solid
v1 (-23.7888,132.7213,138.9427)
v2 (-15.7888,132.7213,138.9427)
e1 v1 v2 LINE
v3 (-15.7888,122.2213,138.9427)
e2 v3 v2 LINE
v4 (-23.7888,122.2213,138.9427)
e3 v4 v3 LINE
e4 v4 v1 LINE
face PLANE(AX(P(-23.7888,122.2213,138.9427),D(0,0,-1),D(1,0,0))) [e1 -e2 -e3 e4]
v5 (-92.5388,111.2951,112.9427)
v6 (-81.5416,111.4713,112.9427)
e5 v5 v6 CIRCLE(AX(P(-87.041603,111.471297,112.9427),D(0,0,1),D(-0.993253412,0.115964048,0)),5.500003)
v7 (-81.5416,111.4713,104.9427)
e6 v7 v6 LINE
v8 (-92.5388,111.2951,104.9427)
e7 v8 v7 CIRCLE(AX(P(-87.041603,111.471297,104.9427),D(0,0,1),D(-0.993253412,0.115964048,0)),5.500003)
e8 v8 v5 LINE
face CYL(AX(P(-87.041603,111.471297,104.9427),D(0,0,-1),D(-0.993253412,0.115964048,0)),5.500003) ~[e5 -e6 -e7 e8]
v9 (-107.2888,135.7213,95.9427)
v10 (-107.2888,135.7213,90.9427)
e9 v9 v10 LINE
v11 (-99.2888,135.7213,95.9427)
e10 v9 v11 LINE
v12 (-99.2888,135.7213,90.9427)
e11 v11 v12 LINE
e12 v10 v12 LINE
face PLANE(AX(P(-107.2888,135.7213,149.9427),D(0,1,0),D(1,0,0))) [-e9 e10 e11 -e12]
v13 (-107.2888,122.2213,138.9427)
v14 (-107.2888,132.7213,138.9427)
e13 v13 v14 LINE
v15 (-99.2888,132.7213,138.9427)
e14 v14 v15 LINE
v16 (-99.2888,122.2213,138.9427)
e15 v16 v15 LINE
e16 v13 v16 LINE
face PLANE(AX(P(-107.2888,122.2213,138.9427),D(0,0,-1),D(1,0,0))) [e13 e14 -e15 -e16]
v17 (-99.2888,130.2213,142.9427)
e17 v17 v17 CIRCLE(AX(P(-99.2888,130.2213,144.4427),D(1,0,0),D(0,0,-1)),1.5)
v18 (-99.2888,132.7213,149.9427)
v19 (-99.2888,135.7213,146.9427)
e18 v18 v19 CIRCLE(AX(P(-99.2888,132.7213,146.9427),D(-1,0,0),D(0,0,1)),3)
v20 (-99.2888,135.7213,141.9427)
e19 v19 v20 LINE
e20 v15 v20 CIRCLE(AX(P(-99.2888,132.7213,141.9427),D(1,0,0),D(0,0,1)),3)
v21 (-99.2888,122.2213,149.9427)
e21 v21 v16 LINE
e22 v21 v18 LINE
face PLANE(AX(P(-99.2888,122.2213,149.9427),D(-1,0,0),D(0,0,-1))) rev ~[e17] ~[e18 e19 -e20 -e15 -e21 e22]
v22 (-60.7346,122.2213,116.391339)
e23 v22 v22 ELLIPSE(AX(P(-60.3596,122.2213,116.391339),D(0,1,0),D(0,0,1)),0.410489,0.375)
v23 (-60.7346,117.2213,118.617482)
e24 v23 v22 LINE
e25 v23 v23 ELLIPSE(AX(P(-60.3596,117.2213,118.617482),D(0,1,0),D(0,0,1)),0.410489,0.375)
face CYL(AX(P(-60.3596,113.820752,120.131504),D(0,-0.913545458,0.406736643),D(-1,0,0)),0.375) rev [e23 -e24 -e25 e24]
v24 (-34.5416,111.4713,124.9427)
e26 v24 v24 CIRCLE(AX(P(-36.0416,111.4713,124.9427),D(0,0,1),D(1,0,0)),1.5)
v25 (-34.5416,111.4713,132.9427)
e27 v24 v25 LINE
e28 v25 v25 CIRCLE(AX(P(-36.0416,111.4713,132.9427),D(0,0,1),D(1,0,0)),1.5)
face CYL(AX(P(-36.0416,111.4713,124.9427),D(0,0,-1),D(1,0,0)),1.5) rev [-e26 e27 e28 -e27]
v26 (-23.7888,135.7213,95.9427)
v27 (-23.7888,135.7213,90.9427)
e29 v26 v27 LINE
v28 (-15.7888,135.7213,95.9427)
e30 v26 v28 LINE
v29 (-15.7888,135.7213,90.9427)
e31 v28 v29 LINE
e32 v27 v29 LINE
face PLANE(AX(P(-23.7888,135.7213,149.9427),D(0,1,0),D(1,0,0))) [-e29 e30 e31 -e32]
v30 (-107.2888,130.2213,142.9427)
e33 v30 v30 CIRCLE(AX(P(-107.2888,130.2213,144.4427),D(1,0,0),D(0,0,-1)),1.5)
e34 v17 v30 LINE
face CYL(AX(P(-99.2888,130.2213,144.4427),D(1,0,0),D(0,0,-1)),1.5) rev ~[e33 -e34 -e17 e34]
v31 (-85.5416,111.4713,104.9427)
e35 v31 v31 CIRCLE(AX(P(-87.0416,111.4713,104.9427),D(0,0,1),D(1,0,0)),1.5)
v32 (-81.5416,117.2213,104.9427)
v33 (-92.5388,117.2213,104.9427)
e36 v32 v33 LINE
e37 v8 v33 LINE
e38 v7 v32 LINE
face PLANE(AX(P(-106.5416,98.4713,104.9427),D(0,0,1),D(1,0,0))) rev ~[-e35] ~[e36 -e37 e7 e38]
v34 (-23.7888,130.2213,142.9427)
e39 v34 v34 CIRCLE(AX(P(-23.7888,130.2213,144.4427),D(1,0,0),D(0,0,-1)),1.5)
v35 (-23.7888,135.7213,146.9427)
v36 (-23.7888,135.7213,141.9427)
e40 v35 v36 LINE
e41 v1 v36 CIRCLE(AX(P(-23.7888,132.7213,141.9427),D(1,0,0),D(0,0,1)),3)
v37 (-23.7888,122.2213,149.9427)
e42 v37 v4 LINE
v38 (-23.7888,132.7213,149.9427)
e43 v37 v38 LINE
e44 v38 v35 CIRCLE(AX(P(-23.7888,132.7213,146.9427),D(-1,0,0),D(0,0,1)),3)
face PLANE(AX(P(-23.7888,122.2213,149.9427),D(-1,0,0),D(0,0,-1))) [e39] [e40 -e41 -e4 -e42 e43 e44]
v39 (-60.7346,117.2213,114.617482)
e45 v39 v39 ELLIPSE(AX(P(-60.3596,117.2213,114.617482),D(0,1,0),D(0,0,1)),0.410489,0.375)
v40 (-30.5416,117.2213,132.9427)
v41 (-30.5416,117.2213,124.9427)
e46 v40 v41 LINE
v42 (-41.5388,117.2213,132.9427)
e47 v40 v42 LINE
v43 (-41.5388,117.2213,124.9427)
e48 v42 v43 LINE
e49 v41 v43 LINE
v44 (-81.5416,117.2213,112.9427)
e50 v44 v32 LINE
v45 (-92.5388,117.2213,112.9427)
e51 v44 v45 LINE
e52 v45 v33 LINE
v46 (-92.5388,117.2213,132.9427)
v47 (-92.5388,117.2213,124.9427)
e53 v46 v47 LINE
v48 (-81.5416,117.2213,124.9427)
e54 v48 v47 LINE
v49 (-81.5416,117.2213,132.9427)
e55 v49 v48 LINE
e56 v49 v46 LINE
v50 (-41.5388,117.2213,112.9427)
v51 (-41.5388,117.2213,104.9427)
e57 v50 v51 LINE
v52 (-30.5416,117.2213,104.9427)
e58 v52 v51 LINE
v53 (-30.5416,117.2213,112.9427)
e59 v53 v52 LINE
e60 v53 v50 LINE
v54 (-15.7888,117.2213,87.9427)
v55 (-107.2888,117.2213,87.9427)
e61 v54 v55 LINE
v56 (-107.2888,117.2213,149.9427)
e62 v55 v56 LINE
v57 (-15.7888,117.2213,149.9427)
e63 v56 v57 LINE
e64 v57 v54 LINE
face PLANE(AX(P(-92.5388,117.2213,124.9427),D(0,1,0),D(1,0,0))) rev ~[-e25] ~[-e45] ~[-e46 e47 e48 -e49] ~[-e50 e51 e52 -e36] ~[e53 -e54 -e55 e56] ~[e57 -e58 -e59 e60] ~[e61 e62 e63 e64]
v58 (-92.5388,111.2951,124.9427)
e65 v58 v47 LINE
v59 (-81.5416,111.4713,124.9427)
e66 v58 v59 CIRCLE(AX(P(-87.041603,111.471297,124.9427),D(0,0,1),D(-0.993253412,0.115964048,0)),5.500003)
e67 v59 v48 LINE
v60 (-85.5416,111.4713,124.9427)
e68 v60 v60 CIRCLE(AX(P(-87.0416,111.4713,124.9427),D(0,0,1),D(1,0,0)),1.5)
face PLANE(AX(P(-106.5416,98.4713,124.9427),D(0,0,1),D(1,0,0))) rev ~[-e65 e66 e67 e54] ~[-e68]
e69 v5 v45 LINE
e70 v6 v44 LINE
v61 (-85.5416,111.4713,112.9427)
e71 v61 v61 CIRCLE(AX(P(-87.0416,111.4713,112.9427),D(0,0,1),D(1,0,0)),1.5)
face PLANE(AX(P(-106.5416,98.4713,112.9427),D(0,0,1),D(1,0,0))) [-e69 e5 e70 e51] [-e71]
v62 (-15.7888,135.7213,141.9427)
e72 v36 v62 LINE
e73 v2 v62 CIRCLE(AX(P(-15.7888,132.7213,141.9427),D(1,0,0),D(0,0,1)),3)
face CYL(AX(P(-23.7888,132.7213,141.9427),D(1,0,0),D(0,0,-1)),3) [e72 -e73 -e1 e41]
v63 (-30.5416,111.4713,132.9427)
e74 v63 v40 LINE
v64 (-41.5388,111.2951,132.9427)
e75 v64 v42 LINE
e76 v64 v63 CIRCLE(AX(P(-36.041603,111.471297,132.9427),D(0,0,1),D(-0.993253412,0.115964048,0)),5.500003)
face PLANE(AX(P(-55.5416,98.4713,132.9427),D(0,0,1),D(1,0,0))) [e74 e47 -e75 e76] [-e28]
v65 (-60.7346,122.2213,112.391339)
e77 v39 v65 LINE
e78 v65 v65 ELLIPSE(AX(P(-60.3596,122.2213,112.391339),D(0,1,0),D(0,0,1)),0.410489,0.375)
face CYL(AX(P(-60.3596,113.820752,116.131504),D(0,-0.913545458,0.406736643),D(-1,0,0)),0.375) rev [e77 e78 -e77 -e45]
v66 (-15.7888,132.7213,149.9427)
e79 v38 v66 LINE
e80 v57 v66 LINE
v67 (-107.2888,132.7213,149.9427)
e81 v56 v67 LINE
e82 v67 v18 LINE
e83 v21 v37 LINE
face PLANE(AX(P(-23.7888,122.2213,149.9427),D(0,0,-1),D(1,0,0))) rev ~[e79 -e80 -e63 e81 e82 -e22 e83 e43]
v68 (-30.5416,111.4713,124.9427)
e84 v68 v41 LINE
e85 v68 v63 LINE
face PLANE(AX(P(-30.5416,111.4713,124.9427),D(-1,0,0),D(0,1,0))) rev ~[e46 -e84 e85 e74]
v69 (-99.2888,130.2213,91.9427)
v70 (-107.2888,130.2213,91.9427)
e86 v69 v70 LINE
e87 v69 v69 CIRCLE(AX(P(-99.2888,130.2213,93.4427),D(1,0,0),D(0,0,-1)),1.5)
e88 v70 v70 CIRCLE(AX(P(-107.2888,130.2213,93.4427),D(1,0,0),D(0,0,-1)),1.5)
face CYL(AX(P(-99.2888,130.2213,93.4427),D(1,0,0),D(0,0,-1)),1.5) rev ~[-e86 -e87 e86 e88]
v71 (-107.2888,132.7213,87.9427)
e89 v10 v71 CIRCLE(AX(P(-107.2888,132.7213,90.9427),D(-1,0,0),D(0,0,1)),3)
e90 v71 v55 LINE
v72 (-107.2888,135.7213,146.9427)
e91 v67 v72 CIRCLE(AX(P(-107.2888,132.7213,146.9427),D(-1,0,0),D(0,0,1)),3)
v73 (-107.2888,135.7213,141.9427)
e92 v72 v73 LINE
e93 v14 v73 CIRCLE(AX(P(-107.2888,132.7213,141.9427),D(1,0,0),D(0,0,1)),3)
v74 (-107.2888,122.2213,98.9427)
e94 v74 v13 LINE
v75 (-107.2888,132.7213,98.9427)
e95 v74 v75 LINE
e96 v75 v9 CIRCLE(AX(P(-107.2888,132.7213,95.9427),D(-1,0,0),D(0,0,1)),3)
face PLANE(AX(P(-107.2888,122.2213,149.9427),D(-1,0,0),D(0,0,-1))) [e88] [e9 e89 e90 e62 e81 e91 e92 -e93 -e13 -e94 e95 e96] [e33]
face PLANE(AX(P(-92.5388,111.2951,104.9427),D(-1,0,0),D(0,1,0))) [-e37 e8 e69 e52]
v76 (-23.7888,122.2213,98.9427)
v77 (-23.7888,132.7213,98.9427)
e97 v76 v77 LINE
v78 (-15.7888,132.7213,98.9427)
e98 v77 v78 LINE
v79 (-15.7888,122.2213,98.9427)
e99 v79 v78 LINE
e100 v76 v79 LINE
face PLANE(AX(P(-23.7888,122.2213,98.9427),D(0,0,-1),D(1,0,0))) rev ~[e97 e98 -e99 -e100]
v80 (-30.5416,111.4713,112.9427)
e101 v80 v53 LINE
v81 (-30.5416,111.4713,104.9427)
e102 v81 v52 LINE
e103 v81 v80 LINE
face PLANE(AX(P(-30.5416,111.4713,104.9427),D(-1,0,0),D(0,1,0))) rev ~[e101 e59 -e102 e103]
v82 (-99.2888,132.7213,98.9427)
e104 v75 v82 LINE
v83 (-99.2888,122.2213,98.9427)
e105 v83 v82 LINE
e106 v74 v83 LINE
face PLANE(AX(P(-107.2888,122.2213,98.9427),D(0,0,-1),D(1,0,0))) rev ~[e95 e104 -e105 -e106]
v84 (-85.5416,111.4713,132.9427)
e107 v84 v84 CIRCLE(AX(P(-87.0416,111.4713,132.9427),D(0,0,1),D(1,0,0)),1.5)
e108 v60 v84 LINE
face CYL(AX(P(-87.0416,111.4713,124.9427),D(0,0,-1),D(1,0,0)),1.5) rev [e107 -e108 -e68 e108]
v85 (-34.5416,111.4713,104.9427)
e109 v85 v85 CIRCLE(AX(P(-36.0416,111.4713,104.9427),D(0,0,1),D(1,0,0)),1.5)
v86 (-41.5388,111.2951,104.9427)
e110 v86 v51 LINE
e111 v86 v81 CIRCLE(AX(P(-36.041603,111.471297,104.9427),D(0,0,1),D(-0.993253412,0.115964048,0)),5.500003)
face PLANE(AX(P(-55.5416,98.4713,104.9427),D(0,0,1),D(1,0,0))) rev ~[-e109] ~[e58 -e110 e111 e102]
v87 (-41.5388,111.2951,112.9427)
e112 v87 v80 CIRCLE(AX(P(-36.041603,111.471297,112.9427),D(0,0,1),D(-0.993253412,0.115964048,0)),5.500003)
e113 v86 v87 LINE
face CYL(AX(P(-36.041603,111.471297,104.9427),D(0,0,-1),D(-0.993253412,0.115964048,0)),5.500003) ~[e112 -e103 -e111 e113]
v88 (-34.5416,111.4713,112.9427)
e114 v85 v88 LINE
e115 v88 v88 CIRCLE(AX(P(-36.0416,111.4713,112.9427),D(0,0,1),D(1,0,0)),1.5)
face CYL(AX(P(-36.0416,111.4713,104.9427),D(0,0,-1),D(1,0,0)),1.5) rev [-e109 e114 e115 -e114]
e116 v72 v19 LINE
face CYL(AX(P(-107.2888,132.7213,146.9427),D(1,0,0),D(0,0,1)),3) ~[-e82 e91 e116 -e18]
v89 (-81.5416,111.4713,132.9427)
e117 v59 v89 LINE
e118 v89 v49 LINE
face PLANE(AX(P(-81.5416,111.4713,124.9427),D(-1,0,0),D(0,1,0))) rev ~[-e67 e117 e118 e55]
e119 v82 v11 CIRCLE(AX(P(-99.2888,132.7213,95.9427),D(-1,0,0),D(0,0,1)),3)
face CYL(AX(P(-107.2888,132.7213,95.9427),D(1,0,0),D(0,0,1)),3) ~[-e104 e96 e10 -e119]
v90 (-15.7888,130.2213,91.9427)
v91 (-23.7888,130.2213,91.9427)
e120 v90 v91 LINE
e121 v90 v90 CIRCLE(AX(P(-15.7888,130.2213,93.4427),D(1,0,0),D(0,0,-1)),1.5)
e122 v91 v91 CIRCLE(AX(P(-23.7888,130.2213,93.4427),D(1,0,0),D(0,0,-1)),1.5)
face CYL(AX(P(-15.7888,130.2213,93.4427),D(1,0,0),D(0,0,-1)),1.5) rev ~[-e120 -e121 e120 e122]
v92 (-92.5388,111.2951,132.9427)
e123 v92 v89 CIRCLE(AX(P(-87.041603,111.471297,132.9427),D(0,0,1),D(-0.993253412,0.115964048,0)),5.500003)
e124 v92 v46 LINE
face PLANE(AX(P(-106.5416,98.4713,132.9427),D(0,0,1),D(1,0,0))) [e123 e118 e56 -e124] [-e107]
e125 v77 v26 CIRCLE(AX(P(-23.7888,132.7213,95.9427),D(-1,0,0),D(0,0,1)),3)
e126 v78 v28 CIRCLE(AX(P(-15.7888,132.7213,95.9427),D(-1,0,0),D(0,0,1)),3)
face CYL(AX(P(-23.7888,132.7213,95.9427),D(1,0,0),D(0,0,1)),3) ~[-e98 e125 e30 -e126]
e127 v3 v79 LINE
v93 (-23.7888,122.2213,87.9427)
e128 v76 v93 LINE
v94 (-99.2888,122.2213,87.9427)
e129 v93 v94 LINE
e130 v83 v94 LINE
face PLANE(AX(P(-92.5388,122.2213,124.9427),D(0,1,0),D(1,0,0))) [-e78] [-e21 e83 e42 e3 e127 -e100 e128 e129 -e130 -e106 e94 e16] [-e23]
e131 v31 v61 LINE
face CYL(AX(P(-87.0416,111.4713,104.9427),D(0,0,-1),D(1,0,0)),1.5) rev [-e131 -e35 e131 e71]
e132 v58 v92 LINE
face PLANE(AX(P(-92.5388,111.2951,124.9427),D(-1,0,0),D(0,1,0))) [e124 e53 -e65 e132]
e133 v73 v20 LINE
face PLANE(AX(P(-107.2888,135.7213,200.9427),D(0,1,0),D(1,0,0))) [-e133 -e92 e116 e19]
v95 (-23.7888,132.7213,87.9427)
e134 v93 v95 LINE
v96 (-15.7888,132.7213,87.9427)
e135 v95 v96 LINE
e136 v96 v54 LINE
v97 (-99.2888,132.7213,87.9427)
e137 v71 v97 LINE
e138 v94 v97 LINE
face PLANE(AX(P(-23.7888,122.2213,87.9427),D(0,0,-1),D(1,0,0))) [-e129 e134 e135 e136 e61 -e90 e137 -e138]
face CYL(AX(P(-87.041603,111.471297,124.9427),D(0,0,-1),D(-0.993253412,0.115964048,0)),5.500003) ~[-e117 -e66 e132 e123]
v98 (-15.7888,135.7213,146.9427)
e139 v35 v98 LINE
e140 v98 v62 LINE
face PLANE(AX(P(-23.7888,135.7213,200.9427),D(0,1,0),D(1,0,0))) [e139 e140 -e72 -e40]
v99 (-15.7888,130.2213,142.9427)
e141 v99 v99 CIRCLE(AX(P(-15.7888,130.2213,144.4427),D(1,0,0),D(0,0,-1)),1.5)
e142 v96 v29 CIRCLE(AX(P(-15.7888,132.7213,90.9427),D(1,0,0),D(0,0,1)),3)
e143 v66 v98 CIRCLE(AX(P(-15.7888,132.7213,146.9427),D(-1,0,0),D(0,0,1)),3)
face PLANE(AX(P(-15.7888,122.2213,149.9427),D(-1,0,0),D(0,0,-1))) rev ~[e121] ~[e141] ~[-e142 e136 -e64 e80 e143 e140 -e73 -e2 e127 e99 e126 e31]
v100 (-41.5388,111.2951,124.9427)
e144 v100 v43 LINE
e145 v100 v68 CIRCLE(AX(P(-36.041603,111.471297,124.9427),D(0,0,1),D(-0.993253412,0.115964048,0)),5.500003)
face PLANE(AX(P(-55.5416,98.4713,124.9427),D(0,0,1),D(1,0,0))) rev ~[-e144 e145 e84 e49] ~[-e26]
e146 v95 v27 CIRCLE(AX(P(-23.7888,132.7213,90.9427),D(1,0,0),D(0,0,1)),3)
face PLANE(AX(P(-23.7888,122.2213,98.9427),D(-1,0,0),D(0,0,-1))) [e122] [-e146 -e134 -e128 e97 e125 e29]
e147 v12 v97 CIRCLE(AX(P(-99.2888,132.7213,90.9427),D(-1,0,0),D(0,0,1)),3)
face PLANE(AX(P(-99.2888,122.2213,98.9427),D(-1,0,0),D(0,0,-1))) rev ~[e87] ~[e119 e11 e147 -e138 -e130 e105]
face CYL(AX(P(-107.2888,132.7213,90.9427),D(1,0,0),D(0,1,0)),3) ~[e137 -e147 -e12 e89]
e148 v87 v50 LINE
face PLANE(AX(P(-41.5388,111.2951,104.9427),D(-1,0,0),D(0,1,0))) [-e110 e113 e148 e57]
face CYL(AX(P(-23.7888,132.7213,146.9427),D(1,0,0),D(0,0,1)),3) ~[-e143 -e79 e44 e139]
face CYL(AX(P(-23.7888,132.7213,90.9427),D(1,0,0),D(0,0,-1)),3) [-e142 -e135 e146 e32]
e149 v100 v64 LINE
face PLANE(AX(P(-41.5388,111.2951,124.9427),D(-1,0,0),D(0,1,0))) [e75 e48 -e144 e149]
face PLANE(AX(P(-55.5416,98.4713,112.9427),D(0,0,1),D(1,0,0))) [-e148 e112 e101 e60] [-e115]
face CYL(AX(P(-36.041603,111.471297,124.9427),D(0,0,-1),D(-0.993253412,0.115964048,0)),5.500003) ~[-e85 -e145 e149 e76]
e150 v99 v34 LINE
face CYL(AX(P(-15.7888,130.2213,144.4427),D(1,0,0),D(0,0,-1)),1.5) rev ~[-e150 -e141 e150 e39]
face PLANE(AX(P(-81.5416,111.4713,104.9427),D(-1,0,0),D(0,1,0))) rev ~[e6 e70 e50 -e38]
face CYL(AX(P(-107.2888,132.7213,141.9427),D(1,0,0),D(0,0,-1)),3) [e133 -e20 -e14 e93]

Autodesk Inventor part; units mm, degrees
ref_plane "YZ Plane" through (0, 0, 0) normal (1, 0, 0) x (0, 1, 0)
ref_plane "XZ Plane" through (0, 0, 0) normal (0, 1, 0) x (-1, 0, 0)
ref_plane "XY Plane" through (0, 0, 0) normal (0, 0, 1) x (1, 0, 0)
ref_plane "Work Plane1" through (-106.5416, 98.4713, 124.9427) normal (0, 0, 1) x (1, 0, 0)
sketch "Sketch1" plane through (-106.5416, 98.4713, 124.9427) normal (0, 0, 1) x (1, 0, 0)
  circle A0 centre (19.5, 13) radius 1.5 projected
  arc A1 (52.5, 10.25) -> (37.5, 10.25) centre (45, 10.25) ccw projected
  circle A2 centre (19.5, 13) radius 5.5 construction
  line L0 (45, 10.25) -> (45, 17.75) construction
  line L1 (45, 17.75) -> (45, 23.75) construction
  line L2 (45, 23.75) -> (19.5, 23.75) construction
  arc A3 (14.0371, 13.6378) -> (25, 13) centre (19.5, 13) ccw
  line L3 (25, 13) -> (25, 23.75)
  circle A4 centre (19.5, 13) radius 1.5
  line L4 (14.0028, 12.8238) -> (14.0028, 23.75)
  line L5 (14.0028, 23.75) -> (25, 23.75)
  point P0 (106.5416, -98.4713)
  point P1 (14.0469, 12.2829)
  dimension "d0" = 11
  dimension "d4" = 10.75
extrude "Extrusion1" add sketch "Sketch1" along normal blind 8
pattern_linear "Rectangular Pattern2" count 2 spacing 51 along (1, 0, 0) count 2 spacing 20 along (0, 0, -1) of "Extrusion1"
sketch "Sketch3" plane through (-92.5388, 122.2213, 124.9427) normal (0, 1, 0) x (1, 0, 0)
  line L0 (0, 20) -> (61.9972, 20) construction
  line L1 (0, 20) -> (0, -8) construction
  line L2 (0, 6) -> (86.2224, 6) construction
  line L3 (31, 37) -> (31, -25) construction
  line L4 (31, -25) -> (-14.75, -25) construction
  line L5 (31, -25) -> (76.75, -25) construction
  line L6 (76.75, -25) -> (76.75, 37)
  line L7 (76.75, 37) -> (-14.75, 37)
  line L8 (-14.75, 37) -> (-14.75, -25)
  line L9 (-14.75, -25) -> (76.75, -25)
  point P0 (92.5388, 124.9427)
  dimension "d29" = 45.75
  dimension "d30" = 45.75
  dimension "d31" = 62
extrude "Extrusion3" add sketch "Sketch3" against normal blind 5
ref_plane "Work Plane2" through (-60.8166, 113.6367, 119.7132) normal (0, 0.9135, -0.4067) x (-1, 0, 0)
sketch "Sketch4" plane through (-60.8166, 113.6367, 119.7132) normal (0, 0.9135, -0.4067) x (-1, 0, 0)
  circle A0 centre (-0.457, 0.457) radius 0.457 projected
  circle A1 centre (-0.457, 0.457) radius 0.457
  circle A2 centre (-0.457, 0.457) radius 0.375
  point P0 (-60.8166, -155.5837)
  dimension "d32" = 0.75
extrude "Extrusion4" cut sketch "Sketch4" along normal blind 15 contours A2
pattern_linear "Rectangular Pattern3" count 2 spacing 4 along (0, 0, -1) of "Extrusion4"
sketch "Sketch5" plane through (-107.2888, 122.2213, 149.9427) normal (0, 1, 0) x (1, 0, 0)
  line L0 (0, 0) -> (0, 62) projected
  line L1 (0, 62) -> (91.5, 62) projected
  line L2 (0, 62) -> (0, 51)
  line L3 (0, 51) -> (8, 51)
  line L4 (8, 51) -> (8, 62)
  line L5 (0, 62) -> (8, 62)
  point P0 (107.2888, 149.9427)
  dimension "d38" = 11
  dimension "d39" = 8
extrude "Extrusion5" add sketch "Sketch5" along normal blind 13.5
sketch "Sketch6" plane through (-99.2888, 122.2213, 98.9427) normal (1, 0, 0) x (0, 0, -1)
  line L0 (11, 0) -> (11, 13.5) projected
  line L1 (0, 13.5) -> (11, 13.5) projected
  circle A0 centre (5.5, 8) radius 1.5
  dimension "d42" = 3
  dimension "d43" = 5.5
  dimension "d44" = 5.5
extrude "Extrusion6" cut sketch "Sketch6" against normal blind 24.6
fillet "Fillet1" radius 3 2 edges at (-103.2888, 135.7213, 98.9427) (-103.2888, 135.7213, 87.9427)
pattern_linear "Rectangular Pattern4" count 2 spacing 51 along (0, 0, 1) count 2 spacing 83.5 along (1, 0, 0) of "Extrusion5", "Fillet1", "Extrusion6"
